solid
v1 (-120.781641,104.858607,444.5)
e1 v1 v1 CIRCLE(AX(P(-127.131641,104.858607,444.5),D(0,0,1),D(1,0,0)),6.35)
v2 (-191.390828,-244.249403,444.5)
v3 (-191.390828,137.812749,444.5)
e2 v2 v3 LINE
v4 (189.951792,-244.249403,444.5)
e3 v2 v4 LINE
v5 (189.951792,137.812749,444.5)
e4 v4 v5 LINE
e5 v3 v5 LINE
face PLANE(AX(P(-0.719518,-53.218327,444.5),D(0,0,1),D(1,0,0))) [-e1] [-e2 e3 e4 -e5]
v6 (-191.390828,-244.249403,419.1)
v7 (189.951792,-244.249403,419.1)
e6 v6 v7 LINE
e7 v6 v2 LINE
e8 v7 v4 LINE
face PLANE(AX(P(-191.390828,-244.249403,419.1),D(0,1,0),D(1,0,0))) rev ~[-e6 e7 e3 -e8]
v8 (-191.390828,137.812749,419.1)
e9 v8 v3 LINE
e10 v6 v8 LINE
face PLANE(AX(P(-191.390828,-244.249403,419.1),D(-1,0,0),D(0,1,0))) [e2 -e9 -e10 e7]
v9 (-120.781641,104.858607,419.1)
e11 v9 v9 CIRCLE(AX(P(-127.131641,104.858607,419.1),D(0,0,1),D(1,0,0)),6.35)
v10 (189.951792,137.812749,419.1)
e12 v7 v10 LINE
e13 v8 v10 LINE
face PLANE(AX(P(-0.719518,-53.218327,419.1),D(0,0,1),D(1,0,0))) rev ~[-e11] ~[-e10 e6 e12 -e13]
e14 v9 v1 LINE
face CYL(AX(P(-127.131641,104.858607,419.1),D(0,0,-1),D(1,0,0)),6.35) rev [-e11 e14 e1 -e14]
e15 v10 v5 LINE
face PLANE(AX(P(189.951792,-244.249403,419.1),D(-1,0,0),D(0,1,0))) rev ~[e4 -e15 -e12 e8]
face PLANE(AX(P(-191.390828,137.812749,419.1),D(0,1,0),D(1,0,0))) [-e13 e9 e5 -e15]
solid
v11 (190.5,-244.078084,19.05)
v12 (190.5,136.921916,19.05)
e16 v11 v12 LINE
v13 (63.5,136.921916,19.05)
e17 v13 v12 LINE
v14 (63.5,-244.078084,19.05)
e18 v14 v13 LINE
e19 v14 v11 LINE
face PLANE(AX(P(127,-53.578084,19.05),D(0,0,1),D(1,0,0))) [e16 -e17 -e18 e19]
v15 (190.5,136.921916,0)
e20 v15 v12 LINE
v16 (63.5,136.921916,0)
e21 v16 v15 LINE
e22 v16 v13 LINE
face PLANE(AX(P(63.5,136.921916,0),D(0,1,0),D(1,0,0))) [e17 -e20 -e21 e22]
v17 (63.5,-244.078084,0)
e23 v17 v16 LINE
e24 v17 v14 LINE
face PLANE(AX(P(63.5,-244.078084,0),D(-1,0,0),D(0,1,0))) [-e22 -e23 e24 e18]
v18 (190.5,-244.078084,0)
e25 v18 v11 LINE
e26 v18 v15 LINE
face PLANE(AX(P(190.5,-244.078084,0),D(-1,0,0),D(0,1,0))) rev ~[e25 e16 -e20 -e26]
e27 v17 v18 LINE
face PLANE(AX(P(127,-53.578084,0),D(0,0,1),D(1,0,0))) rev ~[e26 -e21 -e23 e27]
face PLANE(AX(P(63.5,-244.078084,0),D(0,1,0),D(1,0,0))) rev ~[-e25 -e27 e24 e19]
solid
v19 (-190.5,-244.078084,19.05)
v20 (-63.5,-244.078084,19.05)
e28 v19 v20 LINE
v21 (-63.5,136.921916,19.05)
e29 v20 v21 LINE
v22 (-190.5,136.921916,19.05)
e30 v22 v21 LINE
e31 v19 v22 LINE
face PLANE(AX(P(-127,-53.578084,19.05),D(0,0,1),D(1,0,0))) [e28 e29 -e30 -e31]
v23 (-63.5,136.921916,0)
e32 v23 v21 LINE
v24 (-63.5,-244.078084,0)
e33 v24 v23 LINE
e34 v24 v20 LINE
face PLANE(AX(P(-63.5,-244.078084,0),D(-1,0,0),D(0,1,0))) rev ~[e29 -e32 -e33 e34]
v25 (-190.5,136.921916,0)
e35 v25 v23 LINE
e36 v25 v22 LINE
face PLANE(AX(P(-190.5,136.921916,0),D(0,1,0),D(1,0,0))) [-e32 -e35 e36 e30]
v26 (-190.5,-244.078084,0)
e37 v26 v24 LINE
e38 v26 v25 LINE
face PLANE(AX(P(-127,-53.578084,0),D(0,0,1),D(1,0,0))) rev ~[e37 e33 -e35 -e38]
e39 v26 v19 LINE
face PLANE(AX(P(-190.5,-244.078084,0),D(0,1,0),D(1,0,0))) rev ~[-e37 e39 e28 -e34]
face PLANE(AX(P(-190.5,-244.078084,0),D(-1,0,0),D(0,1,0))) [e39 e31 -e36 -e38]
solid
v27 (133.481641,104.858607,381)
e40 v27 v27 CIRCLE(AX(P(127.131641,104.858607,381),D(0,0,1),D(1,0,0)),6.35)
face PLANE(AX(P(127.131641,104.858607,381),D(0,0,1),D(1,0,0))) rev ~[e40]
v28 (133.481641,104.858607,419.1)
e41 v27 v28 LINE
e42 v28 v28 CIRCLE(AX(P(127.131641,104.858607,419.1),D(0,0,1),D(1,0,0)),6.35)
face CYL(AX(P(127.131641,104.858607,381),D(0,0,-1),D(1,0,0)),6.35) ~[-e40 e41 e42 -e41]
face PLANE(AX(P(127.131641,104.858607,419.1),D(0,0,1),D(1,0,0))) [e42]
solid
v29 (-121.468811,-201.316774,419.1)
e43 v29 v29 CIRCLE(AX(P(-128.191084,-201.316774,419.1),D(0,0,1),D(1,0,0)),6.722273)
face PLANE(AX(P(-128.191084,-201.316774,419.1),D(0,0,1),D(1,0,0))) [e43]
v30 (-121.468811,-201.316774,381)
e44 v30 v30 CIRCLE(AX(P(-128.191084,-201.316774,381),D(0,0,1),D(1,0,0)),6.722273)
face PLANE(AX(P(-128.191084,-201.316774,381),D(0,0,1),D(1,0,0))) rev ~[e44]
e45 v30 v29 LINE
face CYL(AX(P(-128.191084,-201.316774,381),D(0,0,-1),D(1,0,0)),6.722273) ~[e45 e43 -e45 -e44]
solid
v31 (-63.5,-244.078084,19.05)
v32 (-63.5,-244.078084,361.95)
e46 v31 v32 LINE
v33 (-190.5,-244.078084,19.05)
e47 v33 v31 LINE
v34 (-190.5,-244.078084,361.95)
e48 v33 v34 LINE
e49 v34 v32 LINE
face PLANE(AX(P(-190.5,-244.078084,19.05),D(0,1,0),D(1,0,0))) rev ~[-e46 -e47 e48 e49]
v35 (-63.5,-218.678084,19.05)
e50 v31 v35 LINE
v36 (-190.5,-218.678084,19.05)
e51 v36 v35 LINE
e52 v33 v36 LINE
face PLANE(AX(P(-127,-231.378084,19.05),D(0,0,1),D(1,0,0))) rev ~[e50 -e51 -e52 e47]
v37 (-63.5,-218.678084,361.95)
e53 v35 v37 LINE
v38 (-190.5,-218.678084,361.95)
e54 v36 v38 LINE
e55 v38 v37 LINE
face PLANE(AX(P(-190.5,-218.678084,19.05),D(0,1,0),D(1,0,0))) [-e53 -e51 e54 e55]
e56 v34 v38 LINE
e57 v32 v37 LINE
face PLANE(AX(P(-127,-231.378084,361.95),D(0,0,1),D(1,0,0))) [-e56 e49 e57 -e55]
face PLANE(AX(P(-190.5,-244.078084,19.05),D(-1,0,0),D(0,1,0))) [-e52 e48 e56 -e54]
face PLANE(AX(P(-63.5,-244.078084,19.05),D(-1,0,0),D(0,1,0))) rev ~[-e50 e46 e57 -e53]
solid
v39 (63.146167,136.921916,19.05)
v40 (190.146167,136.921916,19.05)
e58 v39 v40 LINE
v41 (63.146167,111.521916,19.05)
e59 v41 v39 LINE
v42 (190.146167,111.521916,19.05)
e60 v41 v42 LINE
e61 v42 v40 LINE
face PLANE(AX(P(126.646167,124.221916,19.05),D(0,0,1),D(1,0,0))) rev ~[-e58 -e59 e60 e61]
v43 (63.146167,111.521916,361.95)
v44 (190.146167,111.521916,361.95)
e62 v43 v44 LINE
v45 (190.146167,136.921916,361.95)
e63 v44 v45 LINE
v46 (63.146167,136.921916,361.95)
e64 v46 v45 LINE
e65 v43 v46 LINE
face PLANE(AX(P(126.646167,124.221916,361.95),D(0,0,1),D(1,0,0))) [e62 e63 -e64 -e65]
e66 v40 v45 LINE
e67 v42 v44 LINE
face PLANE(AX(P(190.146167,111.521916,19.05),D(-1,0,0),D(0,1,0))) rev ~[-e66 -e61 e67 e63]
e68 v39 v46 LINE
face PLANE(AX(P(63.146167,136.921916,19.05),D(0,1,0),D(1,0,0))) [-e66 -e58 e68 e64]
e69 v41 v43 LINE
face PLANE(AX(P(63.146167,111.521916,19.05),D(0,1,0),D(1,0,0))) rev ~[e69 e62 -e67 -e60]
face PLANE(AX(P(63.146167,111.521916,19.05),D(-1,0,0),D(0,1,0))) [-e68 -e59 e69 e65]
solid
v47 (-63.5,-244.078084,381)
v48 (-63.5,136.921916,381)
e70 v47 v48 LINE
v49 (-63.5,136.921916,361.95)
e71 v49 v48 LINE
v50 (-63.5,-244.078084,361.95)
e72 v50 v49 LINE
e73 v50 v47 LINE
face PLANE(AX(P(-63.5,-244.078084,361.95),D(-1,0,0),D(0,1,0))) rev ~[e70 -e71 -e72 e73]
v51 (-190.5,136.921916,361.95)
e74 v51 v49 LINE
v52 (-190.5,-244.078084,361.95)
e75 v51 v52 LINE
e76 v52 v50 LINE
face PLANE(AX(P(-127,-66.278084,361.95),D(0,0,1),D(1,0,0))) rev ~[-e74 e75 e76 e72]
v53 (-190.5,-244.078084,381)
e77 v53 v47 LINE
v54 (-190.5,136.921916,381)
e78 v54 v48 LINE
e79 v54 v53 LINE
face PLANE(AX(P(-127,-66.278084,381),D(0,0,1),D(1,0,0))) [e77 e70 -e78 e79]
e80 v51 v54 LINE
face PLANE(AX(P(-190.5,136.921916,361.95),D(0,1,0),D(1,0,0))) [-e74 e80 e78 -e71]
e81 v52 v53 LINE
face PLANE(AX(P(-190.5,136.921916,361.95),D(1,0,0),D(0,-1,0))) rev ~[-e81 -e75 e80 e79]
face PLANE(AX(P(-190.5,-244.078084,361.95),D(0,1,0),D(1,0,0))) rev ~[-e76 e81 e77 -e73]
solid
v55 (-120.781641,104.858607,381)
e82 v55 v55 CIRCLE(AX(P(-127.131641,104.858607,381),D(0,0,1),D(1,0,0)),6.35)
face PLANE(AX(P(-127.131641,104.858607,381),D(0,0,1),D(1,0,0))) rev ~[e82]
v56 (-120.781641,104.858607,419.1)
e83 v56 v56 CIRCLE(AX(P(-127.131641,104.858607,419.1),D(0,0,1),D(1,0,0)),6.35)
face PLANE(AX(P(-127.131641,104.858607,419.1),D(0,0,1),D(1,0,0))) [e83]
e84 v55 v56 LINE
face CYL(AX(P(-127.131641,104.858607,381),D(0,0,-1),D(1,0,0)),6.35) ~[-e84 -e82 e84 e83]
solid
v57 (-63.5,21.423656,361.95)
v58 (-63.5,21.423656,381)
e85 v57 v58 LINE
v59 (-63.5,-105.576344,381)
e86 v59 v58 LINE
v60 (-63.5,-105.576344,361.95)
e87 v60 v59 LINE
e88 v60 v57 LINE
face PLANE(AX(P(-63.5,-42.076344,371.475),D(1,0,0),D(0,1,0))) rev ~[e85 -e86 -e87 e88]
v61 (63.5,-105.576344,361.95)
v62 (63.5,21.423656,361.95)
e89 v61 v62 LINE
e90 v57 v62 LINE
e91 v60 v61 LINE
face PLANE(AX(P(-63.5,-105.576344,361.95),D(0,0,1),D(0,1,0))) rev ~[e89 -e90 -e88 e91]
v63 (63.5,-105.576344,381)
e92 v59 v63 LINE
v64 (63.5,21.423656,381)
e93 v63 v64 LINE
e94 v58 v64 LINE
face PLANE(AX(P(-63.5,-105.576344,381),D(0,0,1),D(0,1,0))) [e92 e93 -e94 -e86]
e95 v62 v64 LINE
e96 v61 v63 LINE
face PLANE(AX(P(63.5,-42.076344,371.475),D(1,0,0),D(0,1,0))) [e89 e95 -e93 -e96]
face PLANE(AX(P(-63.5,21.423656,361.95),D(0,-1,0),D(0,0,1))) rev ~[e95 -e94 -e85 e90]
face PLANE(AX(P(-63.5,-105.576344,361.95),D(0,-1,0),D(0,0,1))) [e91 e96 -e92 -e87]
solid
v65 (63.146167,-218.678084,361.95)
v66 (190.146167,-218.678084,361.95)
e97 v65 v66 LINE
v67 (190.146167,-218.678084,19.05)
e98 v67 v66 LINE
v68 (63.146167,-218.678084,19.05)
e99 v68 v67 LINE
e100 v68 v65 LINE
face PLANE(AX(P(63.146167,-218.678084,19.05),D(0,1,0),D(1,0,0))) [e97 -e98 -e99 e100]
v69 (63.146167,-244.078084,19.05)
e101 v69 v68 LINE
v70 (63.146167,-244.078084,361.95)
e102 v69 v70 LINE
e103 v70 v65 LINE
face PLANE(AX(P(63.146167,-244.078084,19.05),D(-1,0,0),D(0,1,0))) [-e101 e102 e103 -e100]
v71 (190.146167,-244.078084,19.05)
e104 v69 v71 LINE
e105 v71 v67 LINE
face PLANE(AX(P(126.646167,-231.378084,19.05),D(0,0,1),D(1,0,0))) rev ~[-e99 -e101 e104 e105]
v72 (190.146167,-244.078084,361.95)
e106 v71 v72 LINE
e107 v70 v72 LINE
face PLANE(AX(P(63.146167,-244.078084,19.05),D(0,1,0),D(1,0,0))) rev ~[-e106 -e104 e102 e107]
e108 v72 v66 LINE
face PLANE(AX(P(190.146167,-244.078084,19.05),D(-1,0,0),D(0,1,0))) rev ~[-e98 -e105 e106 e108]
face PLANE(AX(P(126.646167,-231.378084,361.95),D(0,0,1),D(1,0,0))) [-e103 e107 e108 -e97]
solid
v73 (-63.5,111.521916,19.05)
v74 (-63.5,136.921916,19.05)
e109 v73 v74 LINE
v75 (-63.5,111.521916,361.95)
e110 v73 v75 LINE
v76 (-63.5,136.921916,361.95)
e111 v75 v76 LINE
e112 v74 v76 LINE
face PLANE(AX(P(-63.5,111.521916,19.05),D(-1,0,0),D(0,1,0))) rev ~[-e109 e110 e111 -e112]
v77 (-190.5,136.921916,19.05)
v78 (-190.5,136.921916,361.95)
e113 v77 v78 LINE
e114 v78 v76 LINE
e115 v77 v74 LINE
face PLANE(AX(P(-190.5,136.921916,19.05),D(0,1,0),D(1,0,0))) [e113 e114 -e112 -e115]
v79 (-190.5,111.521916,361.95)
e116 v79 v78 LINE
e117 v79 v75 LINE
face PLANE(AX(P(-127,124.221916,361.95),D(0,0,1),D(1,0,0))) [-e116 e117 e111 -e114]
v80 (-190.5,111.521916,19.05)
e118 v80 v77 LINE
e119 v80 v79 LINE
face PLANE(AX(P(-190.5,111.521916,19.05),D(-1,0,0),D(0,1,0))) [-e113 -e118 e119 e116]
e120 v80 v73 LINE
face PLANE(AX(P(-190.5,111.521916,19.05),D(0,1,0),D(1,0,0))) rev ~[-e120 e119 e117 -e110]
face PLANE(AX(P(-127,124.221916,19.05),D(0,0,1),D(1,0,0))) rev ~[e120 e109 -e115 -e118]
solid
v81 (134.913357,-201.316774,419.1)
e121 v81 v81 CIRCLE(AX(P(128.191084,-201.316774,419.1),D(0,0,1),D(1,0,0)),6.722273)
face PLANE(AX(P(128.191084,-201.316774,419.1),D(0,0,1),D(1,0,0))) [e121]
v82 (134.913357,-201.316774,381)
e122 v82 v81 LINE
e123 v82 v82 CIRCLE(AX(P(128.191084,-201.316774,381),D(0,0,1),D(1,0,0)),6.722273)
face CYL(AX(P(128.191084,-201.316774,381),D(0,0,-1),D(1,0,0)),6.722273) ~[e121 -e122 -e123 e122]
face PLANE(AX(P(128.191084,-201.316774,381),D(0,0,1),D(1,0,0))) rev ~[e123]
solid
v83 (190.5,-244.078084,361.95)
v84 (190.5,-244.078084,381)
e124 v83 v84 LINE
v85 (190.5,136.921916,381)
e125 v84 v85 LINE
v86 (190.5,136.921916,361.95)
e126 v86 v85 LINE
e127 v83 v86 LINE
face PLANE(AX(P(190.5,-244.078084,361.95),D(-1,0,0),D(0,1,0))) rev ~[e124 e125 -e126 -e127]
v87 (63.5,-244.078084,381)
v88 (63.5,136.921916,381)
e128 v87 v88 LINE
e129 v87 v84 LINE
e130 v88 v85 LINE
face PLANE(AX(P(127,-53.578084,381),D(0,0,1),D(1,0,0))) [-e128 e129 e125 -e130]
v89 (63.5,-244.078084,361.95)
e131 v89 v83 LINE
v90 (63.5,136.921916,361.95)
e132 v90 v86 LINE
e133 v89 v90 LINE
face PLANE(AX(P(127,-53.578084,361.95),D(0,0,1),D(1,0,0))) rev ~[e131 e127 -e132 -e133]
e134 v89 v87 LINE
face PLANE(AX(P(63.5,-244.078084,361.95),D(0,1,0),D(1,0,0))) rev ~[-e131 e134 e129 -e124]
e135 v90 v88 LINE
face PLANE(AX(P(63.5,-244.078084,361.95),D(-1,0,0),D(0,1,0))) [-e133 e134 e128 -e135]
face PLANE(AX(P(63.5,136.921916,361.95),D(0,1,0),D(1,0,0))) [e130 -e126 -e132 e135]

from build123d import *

# Parameters (mm, degrees)
F0_W      = 127
F0_H      = 381
F1_DEPTH  = 19.05
F2_W      = 127
F2_H      = 25.4
F3_DEPTH  = 342.9
F4_W      = 127
F4_H      = 355.6
F4_H_2    = 25.4
F4_H_3    = 381
F5_DEPTH  = 19.05
F6_W      = 127
F6_H      = 19.05
F7_DEPTH  = 127
F8_R      = 6.35
F8_R_2    = 6.722273
F9_DEPTH  = 38.1
F10_W     = 381.342619
F10_H     = 382.062152
F10_R     = 6.35
F11_DEPTH = 25.4


with BuildPart() as f1:
    # F0 (on Top) → F1 (new body)
    with BuildSketch(Plane.XY):
        with Locations((-127, -53.578084)):
            Rectangle(F0_W, F0_H)
        with Locations((127, -53.578084)):
            Rectangle(F0_W, F0_H)
    extrude(amount=F1_DEPTH)


with BuildPart() as f3:
    # F2 (on face) → F3 (new body)
    with BuildSketch(Plane.XY.offset(19.05)):
        with Locations((-127, 124.221916)):
            Rectangle(F2_W, F2_H)
        with Locations((126.646167, 124.221916)):
            Rectangle(F2_W, F2_H)
        with Locations((126.646167, -231.378084)):
            Rectangle(F2_W, F2_H)
        with Locations((-127, -231.378084)):
            Rectangle(F2_W, F2_H)
    extrude(amount=F3_DEPTH)


with BuildPart() as f5:
    # F4 (on face) → F5 (new body)
    with BuildSketch(Plane.XY.offset(361.95)):
        with Locations((-127, -66.278084)):
            Rectangle(F4_W, F4_H)
        with Locations((-127, 124.221916)):
            Rectangle(F4_W, F4_H_2)
        with Locations((127, -53.578084)):
            Rectangle(F4_W, F4_H_3)
    extrude(amount=F5_DEPTH)


with BuildPart() as f7:
    # F6 (on face) → F7 (new body)
    with BuildSketch(Plane.YZ.offset(-63.5)):
        with Locations((-42.076344, 371.475)):
            Rectangle(F6_W, F6_H)
    extrude(amount=F7_DEPTH)


with BuildPart() as f9:
    # F8 (on face) → F9 (new body)
    with BuildSketch(Plane.XY.offset(381)):
        with Locations((-127.131641, 104.858607)):
            Circle(F8_R)
        with Locations((127.131641, 104.858607)):
            Circle(F8_R)
        with Locations((-128.191084, -201.316774)):
            Circle(F8_R_2)
        with Locations((128.191084, -201.316774)):
            Circle(F8_R_2)
    extrude(amount=F9_DEPTH)


with BuildPart() as f11:
    # F10 (on face) → F11 (new body)
    with BuildSketch(Plane.XY.offset(419.1)):
        with Locations((-0.719518, -53.218327)):
            Rectangle(F10_W, F10_H)
        with Locations((-127.131641, 104.858607)):
            Circle(F10_R, mode=Mode.SUBTRACT)
    extrude(amount=F11_DEPTH)


solid = Compound([f1.part, f3.part, f5.part, f7.part, f9.part, f11.part])
